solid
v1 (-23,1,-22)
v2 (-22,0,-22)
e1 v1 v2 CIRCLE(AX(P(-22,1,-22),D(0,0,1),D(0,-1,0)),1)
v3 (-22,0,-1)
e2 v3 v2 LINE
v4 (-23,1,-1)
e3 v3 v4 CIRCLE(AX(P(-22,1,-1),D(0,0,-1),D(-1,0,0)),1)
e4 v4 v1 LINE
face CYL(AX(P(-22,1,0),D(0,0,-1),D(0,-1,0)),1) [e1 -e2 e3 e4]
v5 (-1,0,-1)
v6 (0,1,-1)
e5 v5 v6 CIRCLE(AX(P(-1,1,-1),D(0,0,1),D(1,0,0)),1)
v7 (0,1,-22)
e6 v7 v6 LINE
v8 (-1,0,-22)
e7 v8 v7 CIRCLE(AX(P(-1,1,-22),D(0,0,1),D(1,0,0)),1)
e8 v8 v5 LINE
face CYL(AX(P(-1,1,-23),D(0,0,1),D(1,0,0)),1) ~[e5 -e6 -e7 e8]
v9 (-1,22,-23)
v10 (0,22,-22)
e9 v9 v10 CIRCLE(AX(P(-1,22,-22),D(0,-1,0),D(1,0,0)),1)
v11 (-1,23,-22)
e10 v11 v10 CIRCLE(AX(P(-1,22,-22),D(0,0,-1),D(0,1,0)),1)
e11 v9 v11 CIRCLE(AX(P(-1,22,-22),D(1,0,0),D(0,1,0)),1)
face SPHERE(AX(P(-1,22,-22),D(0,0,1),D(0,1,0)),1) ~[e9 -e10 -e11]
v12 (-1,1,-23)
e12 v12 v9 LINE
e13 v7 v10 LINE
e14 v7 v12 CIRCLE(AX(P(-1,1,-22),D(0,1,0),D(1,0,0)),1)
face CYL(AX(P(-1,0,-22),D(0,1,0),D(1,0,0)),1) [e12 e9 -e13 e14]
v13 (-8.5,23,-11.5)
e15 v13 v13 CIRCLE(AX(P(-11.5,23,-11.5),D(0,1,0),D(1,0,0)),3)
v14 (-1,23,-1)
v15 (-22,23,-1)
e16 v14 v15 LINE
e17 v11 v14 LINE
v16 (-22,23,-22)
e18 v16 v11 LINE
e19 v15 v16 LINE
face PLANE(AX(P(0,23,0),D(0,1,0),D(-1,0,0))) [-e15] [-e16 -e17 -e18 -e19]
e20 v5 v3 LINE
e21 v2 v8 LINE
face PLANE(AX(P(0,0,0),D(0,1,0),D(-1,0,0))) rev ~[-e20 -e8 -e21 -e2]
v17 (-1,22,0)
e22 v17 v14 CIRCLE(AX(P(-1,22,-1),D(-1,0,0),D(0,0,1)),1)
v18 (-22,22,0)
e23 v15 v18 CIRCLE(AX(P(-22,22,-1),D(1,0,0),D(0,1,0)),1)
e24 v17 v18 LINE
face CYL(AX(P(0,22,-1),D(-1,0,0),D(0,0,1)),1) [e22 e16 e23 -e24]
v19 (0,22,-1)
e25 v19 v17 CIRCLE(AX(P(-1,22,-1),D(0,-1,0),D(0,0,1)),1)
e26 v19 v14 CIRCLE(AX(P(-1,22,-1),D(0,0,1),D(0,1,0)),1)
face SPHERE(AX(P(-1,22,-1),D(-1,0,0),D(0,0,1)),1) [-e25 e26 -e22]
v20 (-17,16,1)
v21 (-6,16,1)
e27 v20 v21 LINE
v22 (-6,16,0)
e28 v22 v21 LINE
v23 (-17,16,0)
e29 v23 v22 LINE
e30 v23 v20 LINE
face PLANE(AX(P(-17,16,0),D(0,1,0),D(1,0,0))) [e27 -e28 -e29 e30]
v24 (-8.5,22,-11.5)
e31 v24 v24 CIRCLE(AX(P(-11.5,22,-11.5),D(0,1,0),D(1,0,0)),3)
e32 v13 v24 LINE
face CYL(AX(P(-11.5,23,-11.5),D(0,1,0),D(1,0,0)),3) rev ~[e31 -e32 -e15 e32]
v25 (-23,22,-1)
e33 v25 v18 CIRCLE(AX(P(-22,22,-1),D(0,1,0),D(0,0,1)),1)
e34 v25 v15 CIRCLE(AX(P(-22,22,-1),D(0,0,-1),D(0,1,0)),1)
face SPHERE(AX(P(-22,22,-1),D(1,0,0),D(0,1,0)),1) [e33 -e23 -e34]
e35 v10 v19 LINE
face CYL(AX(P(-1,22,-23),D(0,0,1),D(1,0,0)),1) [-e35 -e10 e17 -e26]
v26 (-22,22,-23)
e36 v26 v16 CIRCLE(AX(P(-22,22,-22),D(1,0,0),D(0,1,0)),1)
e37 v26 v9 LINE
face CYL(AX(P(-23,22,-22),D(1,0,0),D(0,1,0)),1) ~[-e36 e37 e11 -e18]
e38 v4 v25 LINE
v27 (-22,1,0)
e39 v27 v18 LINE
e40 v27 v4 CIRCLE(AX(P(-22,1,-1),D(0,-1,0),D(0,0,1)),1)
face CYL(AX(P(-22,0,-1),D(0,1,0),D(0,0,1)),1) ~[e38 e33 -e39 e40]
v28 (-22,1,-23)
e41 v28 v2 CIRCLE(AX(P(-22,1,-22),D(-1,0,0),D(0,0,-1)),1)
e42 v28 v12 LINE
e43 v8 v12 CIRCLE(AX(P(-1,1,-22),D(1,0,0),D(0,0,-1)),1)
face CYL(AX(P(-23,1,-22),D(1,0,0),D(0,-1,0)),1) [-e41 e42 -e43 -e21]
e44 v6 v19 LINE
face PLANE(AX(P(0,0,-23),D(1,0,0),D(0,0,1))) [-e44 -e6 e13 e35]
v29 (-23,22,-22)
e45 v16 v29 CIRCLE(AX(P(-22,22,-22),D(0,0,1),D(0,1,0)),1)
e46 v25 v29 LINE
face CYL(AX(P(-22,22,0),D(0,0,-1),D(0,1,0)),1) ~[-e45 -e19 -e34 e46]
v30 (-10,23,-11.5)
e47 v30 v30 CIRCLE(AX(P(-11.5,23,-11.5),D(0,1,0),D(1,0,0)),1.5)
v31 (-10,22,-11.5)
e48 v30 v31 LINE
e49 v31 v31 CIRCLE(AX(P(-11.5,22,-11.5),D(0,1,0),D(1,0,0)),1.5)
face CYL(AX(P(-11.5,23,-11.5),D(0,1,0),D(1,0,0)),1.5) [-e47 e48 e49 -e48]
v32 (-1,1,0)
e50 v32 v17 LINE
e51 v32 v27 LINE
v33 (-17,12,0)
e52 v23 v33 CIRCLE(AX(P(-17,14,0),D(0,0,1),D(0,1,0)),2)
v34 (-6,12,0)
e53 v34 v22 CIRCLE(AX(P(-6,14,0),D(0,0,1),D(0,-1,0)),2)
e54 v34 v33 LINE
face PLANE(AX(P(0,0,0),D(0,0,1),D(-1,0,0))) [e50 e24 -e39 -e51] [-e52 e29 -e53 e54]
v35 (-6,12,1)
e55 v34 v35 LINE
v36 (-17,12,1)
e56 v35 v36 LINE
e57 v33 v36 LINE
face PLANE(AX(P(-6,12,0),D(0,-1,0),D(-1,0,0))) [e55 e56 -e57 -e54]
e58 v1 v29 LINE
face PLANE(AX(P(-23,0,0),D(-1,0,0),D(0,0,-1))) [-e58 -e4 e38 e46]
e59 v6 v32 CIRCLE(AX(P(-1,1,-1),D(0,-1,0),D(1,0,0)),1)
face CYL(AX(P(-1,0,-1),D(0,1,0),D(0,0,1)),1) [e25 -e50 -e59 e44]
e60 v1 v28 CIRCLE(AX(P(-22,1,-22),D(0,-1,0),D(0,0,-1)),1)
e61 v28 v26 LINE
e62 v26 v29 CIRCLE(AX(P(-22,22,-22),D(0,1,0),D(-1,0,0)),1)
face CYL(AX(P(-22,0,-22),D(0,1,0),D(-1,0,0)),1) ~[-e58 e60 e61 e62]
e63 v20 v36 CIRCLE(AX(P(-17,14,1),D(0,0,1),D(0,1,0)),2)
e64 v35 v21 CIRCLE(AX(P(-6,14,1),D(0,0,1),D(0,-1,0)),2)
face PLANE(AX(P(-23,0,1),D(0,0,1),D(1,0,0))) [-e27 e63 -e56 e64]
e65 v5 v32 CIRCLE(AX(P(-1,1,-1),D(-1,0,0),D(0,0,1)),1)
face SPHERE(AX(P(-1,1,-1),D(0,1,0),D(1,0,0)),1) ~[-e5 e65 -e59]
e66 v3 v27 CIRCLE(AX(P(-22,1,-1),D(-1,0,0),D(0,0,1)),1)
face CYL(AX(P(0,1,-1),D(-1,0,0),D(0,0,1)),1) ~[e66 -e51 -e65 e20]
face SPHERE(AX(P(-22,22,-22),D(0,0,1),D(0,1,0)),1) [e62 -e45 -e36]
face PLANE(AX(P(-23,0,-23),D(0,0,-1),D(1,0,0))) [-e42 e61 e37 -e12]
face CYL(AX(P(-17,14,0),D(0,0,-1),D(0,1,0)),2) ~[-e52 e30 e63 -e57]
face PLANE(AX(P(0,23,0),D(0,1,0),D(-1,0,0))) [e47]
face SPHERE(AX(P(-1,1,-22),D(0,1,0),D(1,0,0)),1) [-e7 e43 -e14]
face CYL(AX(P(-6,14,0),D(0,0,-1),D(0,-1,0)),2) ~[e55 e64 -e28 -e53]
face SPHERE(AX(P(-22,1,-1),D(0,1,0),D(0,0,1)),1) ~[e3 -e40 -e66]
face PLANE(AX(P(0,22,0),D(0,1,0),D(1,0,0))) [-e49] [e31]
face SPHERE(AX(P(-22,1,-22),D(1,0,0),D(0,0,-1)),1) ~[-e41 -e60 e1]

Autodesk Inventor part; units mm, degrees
ref_plane "YZ Plane" through (0, 0, 0) normal (1, 0, 0) x (0, 1, 0)
ref_plane "XZ Plane" through (0, 0, 0) normal (0, 1, 0) x (-1, 0, 0)
ref_plane "XY Plane" through (0, 0, 0) normal (0, 0, 1) x (1, 0, 0)
sketch "Sketch1" plane through (0, 0, 0) normal (0, 1, 0) x (-1, 0, 0)
  line L0 (0, 0) -> (23, 0)
  line L1 (23, 0) -> (23, -23)
  line L2 (23, -23) -> (0, -23)
  line L3 (0, -23) -> (0, 0)
  dimension "d0" = 23
  dimension "d1" = 23
extrude "Extrusion1" add sketch "Sketch1" along normal blind 23
sketch "Sketch2" plane through (0, 23, 0) normal (0, 1, 0) x (1, 0, 0)
  circle A0 centre (-11.5, 11.5) radius 1.5
  line L0 (0, 0) -> (0, 23) projected
  line L1 (-23, 0) -> (0, 0) projected
  circle A1 centre (-11.5, 11.5) radius 3
  dimension "d4" = 3
  dimension "d5" = 11.5
  dimension "d6" = 11.5
  dimension "d7" = 6
extrude "Extrusion2" cut sketch "Sketch2" against normal blind 1
sketch "Sketch3" plane through (-23, 0, 0) normal (0, 0, 1) x (1, 0, 0)
  line L0 (6, 16) -> (19, 16)
  line L1 (17, 12) -> (6, 12)
  line L2 (0, 0) -> (0, 23) projected
  line L3 (23, 0) -> (23, 23) projected
  line L4 (0, 23) -> (23, 23) projected
  arc A0 (6, 16) -> (6, 12) centre (6, 14) ccw
  arc A1 (17, 12) -> (17, 16) centre (17, 14) ccw
  point P0 (4, 14)
  dimension "d13" = 7
  dimension "d16" = 4
  dimension "d17" = 6
  dimension "d18" = 6
extrude "Extrusion3" add sketch "Sketch3" along normal blind 1
fillet "Fillet1" radius 1 12 edges at (-11.5, 23, 0) (0, 11.5, 0) (0, 23, -11.5) (-23, 23, -11.5) (-11.5, 23, -23) (-23, 11.5, 0) (0, 11.5, -23) (0, 0, -11.5) (-11.5, 0, 0) (-11.5, 0, -23) (-23, 11.5, -23) (-23, 0, -11.5)
properties part number "Runcam"
